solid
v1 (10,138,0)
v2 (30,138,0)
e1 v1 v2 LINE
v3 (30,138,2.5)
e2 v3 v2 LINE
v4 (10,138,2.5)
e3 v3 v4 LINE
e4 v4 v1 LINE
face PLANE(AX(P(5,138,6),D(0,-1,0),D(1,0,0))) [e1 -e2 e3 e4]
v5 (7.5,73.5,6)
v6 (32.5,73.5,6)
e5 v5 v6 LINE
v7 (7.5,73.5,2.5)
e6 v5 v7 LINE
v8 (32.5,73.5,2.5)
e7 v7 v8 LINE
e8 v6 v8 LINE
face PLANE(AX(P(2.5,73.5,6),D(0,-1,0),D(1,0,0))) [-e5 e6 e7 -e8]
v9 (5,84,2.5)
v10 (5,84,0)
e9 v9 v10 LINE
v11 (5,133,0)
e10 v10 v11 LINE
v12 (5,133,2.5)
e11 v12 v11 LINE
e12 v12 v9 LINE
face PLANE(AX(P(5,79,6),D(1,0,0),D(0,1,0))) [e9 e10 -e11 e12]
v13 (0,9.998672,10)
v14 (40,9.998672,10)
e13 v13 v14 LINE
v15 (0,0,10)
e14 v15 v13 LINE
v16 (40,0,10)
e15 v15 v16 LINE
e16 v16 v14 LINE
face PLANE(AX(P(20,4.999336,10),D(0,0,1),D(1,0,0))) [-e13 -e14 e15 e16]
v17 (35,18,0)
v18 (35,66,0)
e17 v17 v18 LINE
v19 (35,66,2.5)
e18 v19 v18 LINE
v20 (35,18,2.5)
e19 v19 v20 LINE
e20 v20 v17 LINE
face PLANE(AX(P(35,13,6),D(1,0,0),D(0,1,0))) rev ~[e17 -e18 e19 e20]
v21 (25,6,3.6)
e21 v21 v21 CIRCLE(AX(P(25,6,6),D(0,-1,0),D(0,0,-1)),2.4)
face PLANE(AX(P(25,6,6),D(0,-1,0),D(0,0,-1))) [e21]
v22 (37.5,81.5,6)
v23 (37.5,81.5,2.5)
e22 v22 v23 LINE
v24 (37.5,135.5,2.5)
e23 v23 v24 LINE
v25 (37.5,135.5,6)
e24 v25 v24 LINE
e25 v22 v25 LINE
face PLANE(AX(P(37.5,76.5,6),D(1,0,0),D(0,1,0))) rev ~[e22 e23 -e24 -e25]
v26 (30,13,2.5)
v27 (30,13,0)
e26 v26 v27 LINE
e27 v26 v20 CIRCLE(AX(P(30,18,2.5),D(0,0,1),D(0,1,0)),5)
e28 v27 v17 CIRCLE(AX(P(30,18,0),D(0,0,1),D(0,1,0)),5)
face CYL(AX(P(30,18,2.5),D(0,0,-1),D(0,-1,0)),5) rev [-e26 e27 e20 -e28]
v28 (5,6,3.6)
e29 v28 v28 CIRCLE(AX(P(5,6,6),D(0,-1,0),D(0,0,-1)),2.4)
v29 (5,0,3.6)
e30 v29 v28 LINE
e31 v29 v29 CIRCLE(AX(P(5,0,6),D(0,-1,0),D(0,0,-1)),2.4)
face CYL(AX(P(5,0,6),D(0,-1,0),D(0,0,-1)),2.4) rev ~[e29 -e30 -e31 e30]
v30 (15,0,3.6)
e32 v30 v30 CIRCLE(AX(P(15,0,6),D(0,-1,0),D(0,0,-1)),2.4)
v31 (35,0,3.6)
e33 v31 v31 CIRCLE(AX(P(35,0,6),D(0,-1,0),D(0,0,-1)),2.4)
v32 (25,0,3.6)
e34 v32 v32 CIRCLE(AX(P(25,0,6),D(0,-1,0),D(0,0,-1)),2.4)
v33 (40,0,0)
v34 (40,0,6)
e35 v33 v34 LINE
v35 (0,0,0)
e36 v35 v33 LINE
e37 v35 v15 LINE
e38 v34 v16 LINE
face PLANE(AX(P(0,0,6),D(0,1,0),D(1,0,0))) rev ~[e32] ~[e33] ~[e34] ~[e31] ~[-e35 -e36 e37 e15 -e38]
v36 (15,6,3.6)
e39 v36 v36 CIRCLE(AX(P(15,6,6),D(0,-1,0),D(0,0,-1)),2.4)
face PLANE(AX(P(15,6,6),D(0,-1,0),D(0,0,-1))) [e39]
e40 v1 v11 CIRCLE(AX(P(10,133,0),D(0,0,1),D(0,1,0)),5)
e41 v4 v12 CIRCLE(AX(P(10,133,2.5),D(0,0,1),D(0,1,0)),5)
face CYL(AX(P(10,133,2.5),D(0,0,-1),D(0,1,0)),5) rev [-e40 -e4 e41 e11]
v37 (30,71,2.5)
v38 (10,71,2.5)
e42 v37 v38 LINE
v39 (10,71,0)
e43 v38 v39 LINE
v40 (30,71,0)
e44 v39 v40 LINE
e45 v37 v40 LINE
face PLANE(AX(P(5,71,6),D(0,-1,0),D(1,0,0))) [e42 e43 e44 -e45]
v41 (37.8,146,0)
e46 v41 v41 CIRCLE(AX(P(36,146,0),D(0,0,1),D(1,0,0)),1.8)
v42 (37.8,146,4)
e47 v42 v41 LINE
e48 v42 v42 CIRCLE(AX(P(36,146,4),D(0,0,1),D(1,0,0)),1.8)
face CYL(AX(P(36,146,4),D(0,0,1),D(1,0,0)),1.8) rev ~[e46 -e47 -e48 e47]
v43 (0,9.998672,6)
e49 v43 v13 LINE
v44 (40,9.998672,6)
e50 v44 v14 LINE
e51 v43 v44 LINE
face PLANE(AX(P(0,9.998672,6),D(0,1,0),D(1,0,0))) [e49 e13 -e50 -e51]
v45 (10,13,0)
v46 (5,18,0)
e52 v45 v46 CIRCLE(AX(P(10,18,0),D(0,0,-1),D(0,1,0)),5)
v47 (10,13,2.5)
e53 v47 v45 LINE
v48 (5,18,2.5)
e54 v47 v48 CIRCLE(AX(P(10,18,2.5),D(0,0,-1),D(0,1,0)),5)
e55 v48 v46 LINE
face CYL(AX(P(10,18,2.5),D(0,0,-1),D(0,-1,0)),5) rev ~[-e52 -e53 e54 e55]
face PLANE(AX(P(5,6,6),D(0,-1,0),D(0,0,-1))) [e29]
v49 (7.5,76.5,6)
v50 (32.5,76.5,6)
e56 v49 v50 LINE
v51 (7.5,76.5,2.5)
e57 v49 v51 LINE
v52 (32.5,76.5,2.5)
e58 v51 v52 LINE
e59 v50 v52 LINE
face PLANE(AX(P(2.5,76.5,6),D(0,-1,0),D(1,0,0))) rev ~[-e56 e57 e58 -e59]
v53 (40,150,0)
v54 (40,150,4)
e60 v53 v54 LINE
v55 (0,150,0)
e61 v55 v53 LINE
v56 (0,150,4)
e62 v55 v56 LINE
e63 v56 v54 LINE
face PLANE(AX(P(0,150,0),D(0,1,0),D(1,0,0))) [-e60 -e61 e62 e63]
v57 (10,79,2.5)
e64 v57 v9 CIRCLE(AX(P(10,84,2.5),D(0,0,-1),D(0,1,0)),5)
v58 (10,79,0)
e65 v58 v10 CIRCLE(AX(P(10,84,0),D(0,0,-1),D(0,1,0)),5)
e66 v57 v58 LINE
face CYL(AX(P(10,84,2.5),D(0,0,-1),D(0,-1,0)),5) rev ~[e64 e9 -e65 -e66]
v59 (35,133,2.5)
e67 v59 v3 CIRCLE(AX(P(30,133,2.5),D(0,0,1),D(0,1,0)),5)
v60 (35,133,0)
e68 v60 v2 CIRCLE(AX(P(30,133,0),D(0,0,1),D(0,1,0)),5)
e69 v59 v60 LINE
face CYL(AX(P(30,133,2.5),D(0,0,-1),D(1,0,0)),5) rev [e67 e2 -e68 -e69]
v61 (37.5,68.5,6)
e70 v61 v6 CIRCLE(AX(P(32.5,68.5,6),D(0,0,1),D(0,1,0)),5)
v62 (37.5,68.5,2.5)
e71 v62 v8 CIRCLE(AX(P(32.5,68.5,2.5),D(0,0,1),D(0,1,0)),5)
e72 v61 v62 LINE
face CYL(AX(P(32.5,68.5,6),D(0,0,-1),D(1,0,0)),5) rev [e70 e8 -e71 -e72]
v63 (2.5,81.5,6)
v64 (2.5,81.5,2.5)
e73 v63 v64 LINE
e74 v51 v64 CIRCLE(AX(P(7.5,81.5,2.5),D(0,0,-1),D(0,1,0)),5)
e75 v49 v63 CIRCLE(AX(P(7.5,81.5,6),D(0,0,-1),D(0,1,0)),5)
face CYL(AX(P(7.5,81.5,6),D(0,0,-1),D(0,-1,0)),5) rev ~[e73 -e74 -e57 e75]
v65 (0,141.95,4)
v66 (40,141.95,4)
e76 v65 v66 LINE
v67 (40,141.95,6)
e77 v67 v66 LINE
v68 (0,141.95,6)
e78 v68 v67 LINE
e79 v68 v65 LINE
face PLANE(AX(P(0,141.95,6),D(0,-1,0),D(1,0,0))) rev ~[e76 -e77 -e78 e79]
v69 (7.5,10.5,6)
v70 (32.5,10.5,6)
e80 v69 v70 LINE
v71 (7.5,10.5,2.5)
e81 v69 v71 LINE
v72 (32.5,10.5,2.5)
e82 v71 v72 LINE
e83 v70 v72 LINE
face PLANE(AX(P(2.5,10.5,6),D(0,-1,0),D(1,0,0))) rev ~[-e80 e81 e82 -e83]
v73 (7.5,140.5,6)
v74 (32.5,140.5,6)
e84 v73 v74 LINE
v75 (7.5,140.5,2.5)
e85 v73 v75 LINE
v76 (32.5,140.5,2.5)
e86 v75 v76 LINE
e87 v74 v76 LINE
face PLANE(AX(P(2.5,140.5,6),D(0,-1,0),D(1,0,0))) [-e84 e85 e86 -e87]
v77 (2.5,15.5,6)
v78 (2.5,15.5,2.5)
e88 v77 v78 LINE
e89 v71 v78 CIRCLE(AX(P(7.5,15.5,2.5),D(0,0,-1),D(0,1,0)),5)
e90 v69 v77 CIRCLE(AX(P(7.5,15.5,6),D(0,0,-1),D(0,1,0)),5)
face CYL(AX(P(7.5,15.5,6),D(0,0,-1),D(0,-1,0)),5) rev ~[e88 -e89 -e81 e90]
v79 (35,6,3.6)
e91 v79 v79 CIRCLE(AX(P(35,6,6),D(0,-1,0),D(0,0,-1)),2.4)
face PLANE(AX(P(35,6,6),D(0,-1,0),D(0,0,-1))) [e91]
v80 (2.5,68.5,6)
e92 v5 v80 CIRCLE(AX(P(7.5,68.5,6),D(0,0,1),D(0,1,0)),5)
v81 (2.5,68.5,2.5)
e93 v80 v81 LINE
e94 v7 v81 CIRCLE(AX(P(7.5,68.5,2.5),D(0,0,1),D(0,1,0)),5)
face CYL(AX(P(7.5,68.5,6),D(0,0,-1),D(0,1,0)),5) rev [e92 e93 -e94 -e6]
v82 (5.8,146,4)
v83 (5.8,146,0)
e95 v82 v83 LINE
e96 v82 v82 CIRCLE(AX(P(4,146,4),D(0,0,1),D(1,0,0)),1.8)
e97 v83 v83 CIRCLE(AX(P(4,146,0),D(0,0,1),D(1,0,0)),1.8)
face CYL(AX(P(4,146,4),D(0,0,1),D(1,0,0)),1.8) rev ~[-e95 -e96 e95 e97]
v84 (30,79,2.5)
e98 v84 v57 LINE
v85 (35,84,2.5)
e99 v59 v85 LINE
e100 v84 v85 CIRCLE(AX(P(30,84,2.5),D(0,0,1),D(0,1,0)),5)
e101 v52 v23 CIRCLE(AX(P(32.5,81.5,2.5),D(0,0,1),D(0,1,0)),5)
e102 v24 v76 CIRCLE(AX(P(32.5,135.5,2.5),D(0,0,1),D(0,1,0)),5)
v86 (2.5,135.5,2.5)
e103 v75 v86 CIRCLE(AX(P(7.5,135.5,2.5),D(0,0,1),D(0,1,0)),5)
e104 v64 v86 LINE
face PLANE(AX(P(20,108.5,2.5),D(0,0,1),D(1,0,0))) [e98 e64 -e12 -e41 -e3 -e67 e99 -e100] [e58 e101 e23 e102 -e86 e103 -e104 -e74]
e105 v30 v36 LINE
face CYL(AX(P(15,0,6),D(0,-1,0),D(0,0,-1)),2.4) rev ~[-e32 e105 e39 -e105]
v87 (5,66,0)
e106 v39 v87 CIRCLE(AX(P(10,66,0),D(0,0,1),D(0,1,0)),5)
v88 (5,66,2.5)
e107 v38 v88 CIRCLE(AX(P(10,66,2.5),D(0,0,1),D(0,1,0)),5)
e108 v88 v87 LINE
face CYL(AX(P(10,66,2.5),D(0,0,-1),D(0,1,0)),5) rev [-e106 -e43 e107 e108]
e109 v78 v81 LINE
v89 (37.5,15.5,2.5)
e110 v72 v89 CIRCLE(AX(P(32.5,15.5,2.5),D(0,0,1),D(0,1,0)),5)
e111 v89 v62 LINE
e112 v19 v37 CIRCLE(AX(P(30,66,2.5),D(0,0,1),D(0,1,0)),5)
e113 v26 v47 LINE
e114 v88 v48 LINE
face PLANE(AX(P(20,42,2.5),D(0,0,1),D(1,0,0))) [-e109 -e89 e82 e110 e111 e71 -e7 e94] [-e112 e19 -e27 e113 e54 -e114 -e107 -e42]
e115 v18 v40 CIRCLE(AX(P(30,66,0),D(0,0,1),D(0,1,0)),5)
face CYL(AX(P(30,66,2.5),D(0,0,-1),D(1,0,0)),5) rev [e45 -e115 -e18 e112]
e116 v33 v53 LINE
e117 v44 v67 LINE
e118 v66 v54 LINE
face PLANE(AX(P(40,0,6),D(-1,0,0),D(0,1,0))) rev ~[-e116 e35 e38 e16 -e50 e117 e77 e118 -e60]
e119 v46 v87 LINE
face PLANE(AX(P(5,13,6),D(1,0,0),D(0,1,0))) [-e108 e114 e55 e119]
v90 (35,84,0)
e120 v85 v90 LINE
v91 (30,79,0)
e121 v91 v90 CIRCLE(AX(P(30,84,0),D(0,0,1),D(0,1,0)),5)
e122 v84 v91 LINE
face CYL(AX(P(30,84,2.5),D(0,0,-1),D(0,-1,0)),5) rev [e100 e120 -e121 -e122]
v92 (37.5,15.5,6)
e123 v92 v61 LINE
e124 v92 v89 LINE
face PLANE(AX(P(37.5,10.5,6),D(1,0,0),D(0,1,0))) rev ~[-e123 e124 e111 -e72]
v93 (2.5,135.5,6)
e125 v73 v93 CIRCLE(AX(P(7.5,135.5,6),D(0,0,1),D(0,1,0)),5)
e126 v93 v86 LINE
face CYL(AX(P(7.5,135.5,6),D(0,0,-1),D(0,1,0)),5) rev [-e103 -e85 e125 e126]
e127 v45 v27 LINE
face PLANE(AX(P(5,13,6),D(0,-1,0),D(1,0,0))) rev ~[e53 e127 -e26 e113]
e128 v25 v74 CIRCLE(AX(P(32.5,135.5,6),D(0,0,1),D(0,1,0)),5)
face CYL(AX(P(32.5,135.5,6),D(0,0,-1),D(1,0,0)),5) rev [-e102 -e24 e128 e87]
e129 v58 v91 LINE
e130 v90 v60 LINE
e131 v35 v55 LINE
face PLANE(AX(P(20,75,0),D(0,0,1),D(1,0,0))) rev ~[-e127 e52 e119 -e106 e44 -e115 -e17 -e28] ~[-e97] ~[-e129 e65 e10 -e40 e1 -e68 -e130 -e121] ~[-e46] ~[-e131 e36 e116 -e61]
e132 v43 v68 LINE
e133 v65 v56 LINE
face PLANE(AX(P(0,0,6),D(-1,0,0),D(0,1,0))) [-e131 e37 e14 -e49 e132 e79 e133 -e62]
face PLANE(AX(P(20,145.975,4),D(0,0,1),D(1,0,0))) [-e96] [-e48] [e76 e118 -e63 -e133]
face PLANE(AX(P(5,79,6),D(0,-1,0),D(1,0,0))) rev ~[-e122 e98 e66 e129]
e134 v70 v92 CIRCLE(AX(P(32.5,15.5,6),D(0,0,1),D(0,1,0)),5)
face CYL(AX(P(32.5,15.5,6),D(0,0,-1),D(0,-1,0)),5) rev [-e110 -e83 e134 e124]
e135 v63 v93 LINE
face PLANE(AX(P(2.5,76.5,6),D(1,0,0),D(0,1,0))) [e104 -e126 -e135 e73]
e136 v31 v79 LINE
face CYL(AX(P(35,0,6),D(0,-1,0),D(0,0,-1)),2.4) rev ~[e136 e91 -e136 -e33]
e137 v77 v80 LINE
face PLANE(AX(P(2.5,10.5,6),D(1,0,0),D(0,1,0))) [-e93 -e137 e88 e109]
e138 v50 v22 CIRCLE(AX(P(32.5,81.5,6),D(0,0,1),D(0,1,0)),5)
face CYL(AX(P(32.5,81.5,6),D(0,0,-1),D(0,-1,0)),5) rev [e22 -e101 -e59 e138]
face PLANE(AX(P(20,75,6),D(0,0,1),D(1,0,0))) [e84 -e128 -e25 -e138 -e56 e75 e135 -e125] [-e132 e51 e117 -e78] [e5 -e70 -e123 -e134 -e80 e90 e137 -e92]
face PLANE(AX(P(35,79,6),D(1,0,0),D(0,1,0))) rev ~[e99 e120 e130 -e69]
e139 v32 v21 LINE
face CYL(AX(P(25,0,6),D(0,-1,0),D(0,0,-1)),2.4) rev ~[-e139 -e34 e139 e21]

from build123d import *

# Parameters (mm, degrees)
SKETCH_1_W          = 40
SKETCH_1_H          = 150
EXTRUDE_1_DEPTH     = 6
SKETCH_3_W          = 30
SKETCH_3_H          = 59
SKETCH_3_H_2        = 58
CUT_EXTRUDE_2_DEPTH = 156.357651888
SKETCH_4_W          = 35
SKETCH_4_H          = 64
SKETCH_4_H_2        = 63
CUT_EXTRUDE_3_DEPTH = 3.5
FILLET_2_R          = 5
SKETCH_7_W          = 40
SKETCH_7_H          = 9.998672315
EXTRUDE_2_DEPTH     = 4
SKETCH_5_W          = 40
SKETCH_5_H          = 8.05
CUT_EXTRUDE_4_DEPTH = 2
SKETCH_8_R          = 2.4
CUT_EXTRUDE_5_DEPTH = 6
SKETCH_9_R          = 1.8
CUT_EXTRUDE_6_DEPTH = 156.357651888


with BuildPart() as part:
    # ｽｹｯﾁ1 → ﾎﾞｽ - 押し出し1 (new body)
    with BuildSketch(Plane.XY):
        with Locations((20, 75)):
            Rectangle(SKETCH_1_W, SKETCH_1_H)
    extrude(amount=EXTRUDE_1_DEPTH)

    # ｽｹｯﾁ3 → ｶｯﾄ - 押し出し2 (cut, through all)
    with BuildSketch(Plane.XY.offset(6)):
        with Locations((20, 108.5)):
            Rectangle(SKETCH_3_W, SKETCH_3_H)
        with Locations((20, 42)):
            Rectangle(SKETCH_3_W, SKETCH_3_H_2)
    extrude(amount=-CUT_EXTRUDE_2_DEPTH, mode=Mode.SUBTRACT)

    # ｽｹｯﾁ4 → ｶｯﾄ - 押し出し3 (cut)
    with BuildSketch(Plane.XY.offset(6)):
        with Locations((20, 108.5)):
            Rectangle(SKETCH_4_W, SKETCH_4_H)
        with Locations((20, 42)):
            Rectangle(SKETCH_4_W, SKETCH_4_H_2)
    extrude(amount=-CUT_EXTRUDE_3_DEPTH, mode=Mode.SUBTRACT)

    # ﾌｨﾚｯﾄ2
    fillet_2_edges = [part.edges().sort_by_distance(p)[0] for p in [
        (35, 138, 1.25),
        (35, 79, 1.25),
        (5, 79, 1.25),
        (5, 138, 1.25),
        (35, 71, 1.25),
        (35, 13, 1.25),
        (5, 13, 1.25),
        (5, 71, 1.25),
        (2.5, 76.5, 4.25),
        (2.5, 140.5, 4.25),
        (37.5, 140.5, 4.25),
        (37.5, 76.5, 4.25),
        (2.5, 10.5, 4.25),
        (2.5, 73.5, 4.25),
        (37.5, 73.5, 4.25),
        (37.5, 10.5, 4.25),
    ]]
    fillet(fillet_2_edges, radius=FILLET_2_R)

    # ｽｹｯﾁ7 → ﾎﾞｽ - 押し出し2 (add)
    with BuildSketch(Plane.XY.offset(6)):
        with Locations((20, 4.999336158)):
            Rectangle(SKETCH_7_W, SKETCH_7_H)
    extrude(amount=EXTRUDE_2_DEPTH)

    # ｽｹｯﾁ5 → ｶｯﾄ - 押し出し4 (cut)
    with BuildSketch(Plane.XY.offset(6)):
        with Locations((20, 145.975)):
            Rectangle(SKETCH_5_W, SKETCH_5_H)
    extrude(amount=-CUT_EXTRUDE_4_DEPTH, mode=Mode.SUBTRACT)

    # ｽｹｯﾁ8 → ｶｯﾄ - 押し出し5 (cut)
    with BuildSketch(Plane.XZ):
        with Locations(Location((5, 6, 0), (0, 0, 270))):
            Circle(SKETCH_8_R)
        with Locations(Location((25, 6, 0), (0, 0, 270))):
            Circle(SKETCH_8_R)
        with Locations(Location((35, 6, 0), (0, 0, 270))):
            Circle(SKETCH_8_R)
        with Locations(Location((15, 6, 0), (0, 0, 270))):
            Circle(SKETCH_8_R)
    extrude(amount=-CUT_EXTRUDE_5_DEPTH, mode=Mode.SUBTRACT)

    # ｽｹｯﾁ9 → ｶｯﾄ - 押し出し6 (cut, through all)
    with BuildSketch(Plane.XY.offset(4)):
        with Locations((4, 146)):
            Circle(SKETCH_9_R)
        with Locations((36, 146)):
            Circle(SKETCH_9_R)
    extrude(amount=-CUT_EXTRUDE_6_DEPTH, mode=Mode.SUBTRACT)


solid = part.part
